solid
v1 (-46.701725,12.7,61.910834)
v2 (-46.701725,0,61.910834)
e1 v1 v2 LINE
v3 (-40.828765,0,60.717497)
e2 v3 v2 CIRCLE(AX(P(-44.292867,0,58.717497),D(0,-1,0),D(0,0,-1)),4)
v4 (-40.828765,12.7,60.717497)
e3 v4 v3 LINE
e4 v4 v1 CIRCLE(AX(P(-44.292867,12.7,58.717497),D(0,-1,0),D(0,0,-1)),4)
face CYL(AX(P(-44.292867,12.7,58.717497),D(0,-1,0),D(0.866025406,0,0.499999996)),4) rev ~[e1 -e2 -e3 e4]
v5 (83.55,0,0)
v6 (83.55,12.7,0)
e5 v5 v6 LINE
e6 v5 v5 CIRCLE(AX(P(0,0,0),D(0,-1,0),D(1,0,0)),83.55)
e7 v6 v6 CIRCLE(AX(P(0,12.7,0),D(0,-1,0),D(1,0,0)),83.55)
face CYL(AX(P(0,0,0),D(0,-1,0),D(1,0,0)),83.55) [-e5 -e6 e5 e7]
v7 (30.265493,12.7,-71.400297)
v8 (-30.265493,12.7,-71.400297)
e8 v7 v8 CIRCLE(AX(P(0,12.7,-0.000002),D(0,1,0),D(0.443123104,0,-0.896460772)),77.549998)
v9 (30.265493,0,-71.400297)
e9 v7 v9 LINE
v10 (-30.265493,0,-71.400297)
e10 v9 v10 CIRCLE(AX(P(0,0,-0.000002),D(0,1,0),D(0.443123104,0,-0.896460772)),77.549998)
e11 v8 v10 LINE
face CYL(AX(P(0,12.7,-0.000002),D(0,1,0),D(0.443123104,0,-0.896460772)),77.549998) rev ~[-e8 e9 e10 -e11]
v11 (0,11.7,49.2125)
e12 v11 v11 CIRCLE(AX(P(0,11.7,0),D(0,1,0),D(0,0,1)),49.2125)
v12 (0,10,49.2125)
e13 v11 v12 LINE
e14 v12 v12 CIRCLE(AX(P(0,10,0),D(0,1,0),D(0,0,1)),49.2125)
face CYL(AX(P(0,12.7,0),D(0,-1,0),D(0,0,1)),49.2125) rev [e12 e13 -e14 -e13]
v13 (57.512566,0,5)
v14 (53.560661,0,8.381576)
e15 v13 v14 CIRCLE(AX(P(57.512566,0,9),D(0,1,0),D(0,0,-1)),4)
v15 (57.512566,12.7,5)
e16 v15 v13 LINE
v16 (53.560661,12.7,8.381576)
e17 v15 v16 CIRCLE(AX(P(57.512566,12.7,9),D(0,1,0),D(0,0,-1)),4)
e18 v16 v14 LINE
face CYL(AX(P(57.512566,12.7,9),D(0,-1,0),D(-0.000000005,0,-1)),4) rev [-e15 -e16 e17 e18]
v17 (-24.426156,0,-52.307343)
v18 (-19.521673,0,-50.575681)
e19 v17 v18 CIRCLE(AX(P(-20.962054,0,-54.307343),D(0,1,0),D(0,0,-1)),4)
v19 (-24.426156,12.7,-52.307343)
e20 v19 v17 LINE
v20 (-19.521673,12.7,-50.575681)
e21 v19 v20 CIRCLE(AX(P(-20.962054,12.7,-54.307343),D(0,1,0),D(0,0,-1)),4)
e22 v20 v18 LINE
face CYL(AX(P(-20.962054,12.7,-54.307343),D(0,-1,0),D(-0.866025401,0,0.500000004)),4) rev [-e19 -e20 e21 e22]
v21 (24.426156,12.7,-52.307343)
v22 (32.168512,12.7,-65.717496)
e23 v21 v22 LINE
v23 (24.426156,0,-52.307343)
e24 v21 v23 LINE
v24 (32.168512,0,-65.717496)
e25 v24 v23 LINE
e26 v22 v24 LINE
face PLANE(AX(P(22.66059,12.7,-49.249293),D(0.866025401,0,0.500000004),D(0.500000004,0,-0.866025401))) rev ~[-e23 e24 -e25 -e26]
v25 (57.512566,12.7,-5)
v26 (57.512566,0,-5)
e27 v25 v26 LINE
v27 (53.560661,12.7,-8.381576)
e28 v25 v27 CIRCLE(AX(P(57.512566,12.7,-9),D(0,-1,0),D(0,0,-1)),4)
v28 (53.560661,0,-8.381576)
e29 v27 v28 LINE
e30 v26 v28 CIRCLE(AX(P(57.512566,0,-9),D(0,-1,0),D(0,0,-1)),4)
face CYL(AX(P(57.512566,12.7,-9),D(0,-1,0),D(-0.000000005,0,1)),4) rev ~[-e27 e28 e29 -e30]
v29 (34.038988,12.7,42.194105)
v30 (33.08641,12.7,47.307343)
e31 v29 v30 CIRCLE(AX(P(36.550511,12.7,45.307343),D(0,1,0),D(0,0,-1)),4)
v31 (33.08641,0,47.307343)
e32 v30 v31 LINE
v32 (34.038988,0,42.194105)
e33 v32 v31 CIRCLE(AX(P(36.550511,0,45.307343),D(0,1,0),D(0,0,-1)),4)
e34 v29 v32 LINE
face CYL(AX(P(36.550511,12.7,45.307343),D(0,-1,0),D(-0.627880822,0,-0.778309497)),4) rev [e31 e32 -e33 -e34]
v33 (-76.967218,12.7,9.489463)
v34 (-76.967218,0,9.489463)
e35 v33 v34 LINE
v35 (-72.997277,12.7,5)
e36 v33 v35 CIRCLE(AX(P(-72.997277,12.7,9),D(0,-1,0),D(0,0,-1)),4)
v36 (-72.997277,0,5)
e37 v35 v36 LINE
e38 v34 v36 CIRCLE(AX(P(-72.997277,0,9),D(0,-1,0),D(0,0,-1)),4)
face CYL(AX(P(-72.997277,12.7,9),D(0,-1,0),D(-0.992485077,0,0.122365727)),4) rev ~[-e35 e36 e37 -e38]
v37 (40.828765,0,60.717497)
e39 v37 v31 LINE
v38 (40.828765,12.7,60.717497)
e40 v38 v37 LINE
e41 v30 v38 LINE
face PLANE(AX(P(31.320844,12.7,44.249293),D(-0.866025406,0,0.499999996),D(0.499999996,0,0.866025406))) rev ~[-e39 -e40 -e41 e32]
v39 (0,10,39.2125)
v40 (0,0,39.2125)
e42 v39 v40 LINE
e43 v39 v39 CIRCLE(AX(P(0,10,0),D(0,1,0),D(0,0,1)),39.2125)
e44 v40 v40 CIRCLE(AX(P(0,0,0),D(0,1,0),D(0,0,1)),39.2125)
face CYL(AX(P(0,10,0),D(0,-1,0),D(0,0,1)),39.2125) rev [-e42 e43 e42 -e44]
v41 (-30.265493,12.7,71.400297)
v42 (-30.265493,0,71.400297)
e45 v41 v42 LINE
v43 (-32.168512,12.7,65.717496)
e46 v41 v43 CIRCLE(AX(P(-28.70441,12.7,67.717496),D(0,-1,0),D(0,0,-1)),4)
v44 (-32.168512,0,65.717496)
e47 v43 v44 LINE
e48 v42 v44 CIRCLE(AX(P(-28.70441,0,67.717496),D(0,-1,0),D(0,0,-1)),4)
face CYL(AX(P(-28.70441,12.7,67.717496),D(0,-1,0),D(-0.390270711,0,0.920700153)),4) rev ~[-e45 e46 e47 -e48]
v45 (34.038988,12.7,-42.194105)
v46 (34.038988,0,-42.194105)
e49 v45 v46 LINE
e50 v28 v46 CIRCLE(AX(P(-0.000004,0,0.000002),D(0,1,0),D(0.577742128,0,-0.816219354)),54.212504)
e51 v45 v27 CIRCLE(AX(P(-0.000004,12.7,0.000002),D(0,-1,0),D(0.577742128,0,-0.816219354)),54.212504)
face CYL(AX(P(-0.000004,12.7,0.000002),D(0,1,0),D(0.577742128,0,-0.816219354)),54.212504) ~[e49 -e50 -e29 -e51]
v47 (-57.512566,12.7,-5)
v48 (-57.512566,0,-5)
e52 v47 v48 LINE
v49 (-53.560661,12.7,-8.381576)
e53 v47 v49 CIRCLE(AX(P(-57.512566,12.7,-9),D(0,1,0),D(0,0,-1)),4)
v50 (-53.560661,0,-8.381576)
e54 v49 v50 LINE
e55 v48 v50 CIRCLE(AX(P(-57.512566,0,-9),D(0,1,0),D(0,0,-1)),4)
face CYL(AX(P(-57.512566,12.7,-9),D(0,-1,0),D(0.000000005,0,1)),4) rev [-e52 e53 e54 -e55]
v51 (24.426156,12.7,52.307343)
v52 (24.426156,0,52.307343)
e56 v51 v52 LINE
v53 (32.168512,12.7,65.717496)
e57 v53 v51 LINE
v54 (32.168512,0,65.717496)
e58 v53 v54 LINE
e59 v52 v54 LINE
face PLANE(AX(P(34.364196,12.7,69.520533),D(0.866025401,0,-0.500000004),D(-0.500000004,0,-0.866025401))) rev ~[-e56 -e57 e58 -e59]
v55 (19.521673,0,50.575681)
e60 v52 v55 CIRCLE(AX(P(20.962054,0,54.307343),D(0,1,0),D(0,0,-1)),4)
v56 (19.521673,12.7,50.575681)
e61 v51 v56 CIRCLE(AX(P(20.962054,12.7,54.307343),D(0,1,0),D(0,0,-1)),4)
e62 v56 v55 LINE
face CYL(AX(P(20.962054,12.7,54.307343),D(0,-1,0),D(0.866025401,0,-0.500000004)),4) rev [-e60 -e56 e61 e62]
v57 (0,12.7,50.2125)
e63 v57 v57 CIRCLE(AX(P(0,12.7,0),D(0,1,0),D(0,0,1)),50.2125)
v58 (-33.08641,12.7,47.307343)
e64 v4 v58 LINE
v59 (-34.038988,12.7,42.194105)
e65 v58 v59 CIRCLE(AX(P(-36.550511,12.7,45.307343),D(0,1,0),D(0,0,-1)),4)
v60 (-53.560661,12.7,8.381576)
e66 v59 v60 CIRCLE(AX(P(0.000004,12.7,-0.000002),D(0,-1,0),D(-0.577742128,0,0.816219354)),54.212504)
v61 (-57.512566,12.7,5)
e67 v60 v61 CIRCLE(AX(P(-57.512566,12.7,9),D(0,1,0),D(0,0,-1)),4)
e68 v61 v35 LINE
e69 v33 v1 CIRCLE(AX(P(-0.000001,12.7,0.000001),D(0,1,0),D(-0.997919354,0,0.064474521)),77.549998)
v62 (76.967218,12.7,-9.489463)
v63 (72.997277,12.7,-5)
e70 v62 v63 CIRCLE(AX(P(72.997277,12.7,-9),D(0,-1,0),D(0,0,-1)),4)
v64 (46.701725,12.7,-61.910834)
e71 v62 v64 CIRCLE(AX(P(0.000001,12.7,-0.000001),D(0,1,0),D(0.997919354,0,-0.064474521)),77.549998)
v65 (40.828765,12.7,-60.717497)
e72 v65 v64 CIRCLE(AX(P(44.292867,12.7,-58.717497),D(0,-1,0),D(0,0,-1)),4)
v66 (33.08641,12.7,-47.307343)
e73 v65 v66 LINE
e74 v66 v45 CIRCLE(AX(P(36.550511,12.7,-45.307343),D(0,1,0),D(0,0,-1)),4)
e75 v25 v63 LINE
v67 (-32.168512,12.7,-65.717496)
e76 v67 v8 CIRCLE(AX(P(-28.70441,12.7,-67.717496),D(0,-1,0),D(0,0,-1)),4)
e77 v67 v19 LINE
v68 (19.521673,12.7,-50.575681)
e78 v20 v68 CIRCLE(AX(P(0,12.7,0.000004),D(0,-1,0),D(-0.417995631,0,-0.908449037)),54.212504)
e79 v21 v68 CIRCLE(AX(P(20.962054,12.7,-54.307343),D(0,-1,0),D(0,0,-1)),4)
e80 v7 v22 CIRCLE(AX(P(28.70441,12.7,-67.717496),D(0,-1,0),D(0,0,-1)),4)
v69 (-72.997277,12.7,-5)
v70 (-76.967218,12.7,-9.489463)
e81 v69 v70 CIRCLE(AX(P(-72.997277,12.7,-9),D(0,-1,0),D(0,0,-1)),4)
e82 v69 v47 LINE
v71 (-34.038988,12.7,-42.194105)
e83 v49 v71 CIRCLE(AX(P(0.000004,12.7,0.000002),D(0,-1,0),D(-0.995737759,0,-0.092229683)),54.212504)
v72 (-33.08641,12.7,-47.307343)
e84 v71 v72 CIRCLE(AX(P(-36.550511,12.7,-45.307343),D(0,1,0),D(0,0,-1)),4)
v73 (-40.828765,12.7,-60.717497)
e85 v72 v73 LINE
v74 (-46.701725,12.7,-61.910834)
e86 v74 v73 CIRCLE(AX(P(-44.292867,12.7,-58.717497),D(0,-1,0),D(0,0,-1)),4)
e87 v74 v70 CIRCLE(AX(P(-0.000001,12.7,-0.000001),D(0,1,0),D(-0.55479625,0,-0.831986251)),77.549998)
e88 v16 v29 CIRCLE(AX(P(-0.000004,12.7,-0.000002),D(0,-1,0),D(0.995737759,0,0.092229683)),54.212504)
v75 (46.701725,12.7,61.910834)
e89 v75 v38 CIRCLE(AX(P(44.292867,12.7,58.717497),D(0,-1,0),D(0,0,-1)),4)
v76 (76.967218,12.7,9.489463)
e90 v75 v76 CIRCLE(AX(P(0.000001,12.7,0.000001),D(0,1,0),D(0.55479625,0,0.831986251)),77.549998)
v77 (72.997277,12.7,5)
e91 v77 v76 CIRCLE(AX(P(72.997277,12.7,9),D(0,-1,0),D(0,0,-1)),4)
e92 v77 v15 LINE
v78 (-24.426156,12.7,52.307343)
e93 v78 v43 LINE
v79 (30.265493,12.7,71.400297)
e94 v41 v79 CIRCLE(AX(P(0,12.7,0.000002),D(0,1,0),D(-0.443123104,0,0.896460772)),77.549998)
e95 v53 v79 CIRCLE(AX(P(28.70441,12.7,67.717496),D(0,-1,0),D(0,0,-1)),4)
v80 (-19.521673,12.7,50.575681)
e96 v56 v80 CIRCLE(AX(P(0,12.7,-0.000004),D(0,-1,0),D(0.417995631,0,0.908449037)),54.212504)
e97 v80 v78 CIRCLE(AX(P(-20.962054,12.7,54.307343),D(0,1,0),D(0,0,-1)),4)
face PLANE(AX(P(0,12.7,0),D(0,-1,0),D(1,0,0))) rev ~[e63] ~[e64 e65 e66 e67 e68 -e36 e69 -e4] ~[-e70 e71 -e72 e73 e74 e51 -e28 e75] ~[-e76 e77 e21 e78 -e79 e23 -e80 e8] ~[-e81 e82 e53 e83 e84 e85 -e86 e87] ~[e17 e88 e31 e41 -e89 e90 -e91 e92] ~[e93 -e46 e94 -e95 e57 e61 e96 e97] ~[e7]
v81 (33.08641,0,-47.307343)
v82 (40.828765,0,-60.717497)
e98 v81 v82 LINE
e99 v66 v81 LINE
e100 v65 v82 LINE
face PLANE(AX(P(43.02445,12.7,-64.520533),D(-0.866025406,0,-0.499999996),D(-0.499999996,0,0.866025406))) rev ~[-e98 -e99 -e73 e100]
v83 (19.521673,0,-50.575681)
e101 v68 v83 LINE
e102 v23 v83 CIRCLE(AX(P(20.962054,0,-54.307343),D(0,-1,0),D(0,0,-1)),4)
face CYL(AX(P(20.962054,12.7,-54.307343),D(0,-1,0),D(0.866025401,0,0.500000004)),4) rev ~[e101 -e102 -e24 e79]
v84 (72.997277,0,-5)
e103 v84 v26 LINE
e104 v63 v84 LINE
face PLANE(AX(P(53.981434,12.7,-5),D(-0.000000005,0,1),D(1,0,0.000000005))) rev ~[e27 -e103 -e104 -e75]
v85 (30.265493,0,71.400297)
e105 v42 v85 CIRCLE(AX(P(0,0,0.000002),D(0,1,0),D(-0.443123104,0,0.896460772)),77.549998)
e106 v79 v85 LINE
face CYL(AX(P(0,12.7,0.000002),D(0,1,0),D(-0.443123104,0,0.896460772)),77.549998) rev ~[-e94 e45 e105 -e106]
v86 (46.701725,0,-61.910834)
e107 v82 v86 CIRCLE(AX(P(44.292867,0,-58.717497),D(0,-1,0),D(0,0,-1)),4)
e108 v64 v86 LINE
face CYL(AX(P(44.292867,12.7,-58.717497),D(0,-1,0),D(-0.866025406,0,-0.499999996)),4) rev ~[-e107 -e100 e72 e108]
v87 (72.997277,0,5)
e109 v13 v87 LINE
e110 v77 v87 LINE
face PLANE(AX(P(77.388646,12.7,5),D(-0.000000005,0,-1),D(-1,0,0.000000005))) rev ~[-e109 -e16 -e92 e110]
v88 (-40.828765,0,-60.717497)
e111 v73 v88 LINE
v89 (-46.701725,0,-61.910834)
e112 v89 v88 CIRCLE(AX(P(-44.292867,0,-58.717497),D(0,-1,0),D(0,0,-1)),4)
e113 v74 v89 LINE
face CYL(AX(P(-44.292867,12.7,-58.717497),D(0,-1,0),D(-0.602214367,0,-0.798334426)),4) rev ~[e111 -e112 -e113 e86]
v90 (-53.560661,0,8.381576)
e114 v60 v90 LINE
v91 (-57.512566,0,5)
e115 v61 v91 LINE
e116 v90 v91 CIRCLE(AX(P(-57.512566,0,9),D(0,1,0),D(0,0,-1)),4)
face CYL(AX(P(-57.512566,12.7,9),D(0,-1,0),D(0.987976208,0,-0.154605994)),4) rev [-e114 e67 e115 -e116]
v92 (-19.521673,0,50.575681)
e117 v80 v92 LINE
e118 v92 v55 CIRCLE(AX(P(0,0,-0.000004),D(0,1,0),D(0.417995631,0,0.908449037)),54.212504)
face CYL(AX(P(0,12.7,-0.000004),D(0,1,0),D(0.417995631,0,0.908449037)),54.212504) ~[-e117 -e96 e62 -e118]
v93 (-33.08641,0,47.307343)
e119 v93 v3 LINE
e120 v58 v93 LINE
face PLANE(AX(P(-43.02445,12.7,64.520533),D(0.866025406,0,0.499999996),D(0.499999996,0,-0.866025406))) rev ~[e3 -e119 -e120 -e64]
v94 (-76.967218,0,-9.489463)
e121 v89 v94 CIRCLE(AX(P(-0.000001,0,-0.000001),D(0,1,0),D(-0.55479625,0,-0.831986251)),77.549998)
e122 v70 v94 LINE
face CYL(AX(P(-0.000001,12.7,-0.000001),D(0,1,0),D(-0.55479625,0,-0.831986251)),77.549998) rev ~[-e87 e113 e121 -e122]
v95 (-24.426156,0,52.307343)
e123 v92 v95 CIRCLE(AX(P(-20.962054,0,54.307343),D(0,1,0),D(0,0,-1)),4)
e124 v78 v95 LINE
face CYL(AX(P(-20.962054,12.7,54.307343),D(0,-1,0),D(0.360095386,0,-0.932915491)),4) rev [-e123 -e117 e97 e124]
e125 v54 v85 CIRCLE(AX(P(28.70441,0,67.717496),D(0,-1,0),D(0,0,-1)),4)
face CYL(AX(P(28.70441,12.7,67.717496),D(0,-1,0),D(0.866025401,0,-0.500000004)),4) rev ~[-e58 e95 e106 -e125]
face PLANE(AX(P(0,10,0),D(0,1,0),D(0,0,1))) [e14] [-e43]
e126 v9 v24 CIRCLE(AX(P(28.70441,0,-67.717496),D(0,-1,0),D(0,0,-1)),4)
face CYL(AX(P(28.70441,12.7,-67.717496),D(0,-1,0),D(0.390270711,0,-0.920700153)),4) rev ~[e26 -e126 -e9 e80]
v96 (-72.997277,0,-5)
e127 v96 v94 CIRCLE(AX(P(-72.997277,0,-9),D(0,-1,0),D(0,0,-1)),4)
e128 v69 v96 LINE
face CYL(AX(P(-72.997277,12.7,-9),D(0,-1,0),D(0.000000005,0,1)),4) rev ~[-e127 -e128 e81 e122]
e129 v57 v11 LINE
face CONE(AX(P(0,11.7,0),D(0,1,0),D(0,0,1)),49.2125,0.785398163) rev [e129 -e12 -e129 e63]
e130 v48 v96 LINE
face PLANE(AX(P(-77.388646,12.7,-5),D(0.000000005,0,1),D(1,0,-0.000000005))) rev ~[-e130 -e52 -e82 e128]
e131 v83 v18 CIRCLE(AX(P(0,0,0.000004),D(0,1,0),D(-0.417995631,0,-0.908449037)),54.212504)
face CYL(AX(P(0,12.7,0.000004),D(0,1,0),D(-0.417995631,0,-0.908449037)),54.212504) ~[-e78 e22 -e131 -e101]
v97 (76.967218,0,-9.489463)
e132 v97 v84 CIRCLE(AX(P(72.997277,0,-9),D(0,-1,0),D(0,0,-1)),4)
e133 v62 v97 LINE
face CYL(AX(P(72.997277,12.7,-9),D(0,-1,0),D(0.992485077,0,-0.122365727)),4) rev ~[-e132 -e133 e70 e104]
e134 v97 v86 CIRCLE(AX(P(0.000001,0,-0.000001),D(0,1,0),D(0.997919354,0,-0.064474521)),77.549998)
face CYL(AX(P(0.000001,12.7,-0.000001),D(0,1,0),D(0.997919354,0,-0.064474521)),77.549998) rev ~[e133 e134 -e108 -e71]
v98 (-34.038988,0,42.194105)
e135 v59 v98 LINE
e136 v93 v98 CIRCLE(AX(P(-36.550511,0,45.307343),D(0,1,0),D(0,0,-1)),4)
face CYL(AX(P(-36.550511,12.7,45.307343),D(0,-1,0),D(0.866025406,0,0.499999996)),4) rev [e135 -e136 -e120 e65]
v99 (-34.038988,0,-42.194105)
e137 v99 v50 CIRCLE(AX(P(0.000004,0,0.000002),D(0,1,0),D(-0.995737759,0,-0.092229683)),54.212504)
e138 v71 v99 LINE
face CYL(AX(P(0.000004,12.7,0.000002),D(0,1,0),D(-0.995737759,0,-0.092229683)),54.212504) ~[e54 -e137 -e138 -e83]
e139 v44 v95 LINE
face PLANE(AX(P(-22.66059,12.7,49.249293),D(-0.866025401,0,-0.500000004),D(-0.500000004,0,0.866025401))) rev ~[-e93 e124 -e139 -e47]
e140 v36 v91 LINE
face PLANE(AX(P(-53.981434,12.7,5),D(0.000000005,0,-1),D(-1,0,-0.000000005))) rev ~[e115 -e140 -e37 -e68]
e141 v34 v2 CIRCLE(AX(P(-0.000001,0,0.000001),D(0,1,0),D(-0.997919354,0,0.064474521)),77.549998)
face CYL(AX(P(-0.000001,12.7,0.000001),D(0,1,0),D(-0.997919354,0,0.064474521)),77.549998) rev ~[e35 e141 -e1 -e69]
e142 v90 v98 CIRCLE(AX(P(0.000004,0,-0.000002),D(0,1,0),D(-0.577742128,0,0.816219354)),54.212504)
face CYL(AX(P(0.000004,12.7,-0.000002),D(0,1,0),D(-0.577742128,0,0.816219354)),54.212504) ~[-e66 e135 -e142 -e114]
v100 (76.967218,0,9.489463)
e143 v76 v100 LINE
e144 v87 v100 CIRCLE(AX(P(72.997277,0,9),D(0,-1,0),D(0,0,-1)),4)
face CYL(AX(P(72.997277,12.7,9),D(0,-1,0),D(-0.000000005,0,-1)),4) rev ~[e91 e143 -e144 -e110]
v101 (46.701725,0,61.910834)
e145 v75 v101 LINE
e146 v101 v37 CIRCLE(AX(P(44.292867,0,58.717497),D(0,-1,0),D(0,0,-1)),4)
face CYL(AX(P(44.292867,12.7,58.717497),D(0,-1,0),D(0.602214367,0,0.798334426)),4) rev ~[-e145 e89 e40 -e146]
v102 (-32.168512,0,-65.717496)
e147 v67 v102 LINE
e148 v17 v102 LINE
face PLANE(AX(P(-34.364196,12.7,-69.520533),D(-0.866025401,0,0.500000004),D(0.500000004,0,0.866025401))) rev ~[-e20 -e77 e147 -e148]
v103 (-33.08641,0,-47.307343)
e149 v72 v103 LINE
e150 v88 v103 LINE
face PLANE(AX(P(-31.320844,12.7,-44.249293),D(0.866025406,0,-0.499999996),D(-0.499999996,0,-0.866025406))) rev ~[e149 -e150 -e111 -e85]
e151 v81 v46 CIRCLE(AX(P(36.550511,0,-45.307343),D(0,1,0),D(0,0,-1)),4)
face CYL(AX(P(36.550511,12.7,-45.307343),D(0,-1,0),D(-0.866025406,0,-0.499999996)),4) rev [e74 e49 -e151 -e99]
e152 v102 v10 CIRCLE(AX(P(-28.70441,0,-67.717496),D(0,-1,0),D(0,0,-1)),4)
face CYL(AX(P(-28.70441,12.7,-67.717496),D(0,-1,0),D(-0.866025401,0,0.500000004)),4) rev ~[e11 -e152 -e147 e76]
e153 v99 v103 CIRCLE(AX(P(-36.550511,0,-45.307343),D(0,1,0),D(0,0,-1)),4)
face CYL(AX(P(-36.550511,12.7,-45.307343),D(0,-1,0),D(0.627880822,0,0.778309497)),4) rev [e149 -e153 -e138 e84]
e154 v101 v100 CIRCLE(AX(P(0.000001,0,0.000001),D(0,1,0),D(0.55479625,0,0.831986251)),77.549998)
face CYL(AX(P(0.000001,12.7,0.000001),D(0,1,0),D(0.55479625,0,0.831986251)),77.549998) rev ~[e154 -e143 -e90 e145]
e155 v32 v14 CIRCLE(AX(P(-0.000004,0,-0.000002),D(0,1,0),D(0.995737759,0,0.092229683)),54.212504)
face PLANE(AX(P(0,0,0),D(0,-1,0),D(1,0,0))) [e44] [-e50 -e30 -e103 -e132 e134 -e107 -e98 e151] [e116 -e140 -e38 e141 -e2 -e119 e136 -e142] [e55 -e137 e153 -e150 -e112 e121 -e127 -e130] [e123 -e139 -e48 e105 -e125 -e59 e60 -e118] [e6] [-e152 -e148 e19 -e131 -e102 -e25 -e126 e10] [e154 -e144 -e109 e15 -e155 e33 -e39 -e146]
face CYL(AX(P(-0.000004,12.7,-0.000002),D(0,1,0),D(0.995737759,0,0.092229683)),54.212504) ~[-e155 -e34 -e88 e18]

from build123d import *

# Parameters (mm, degrees)
CUT_EXTRUDE1_DEPTH       = 13.7
FILLET1_R                = 4
CIRPATTERN4_COUNT        = 6
FILLET1_OF_CIRPATTERN4_R = 4
CHAMFER1_SIZE            = 1
SKETCH9_R                = 83.55
SKETCH9_R_2              = 82.55
BOSS_EXTRUDE1_DEPTH      = 12.7


with BuildPart() as part:
    # Sketch2 → Revolve1 (revolve)
    with BuildSketch(Plane(origin=(0, 0, 0), x_dir=(0, 0, -1), z_dir=(1, 0, 0))):
        Polygon((-39.2125, 0), (-82.55, 0), (-82.55, 12.7), (-49.2125, 12.7), (-49.2125, 10), (-39.2125, 10), align=None)
    revolve(axis=Axis((0, -0.9525, 0), (0, 1, 0)))

    # Sketch8 → Cut-Extrude1 (cut, through all)
    with BuildSketch(Plane(origin=(0, 12.7, 0), x_dir=(1, 0, 0), z_dir=(0, 1, 0))):
        with BuildLine():
            Line((-34.364196, 69.520533), (-22.66059, 49.249293))
            ThreePointArc((-22.66059, 49.249293), (0, 54.2125), (22.66059, 49.249293))
            Line((22.66059, 49.249293), (34.364196, 69.520533))
            ThreePointArc((34.364196, 69.520533), (0, 77.55), (-34.364196, 69.520533))
        make_face()
    cut_extrude1 = extrude(amount=-CUT_EXTRUDE1_DEPTH, mode=Mode.SUBTRACT)

    # Fillet1
    fillet1_edges = [part.edges().sort_by_distance(p)[0] for p in [
        (22.66059, 6.35, -49.249293),
        (-22.66059, 6.35, -49.249293),
        (-34.364196, 6.35, -69.520533),
        (34.364196, 6.35, -69.520533),
    ]]
    fillet(fillet1_edges, radius=FILLET1_R)

    # CirPattern4: Cut-Extrude1 ×6 about axis
    cirpattern4_axis = Axis((0, 0, 0), (0, 1, 0))
    for i in range(1, CIRPATTERN4_COUNT):
        add(cut_extrude1.rotate(cirpattern4_axis, i * 360 / CIRPATTERN4_COUNT), mode=Mode.SUBTRACT)

    # Fillet1 of CirPattern4
    fillet1_of_cirpattern4_edges = [part.edges().sort_by_distance(p)[0] for p in [
        (-31.320844, 6.35, -44.249293),
        (-53.981433, 6.35, -5),
        (-77.388646, 6.35, -5),
        (-43.02445, 6.35, -64.520533),
        (-53.981433, 6.35, 5),
        (-31.320844, 6.35, 44.249293),
        (-43.02445, 6.35, 64.520533),
        (-77.388646, 6.35, 5),
        (-22.66059, 6.35, 49.249293),
        (22.66059, 6.35, 49.249293),
        (34.364196, 6.35, 69.520533),
        (-34.364196, 6.35, 69.520533),
        (31.320844, 6.35, 44.249293),
        (53.981433, 6.35, 5),
        (77.388646, 6.35, 5),
        (43.02445, 6.35, 64.520533),
        (53.981433, 6.35, -5),
        (31.320844, 6.35, -44.249293),
        (43.02445, 6.35, -64.520533),
        (77.388646, 6.35, -5),
    ]]
    fillet(fillet1_of_cirpattern4_edges, radius=FILLET1_OF_CIRPATTERN4_R)

    # Chamfer1
    chamfer1_edges = [part.edges().sort_by_distance(p)[0] for p in [
        (0, 12.7, -49.2125),
    ]]
    chamfer(chamfer1_edges, length=CHAMFER1_SIZE)

    # Sketch9 → Boss-Extrude1 (add)
    with BuildSketch(Plane.XZ):
        Circle(SKETCH9_R)
        Circle(SKETCH9_R_2, mode=Mode.SUBTRACT)
    extrude(amount=-BOSS_EXTRUDE1_DEPTH)


solid = part.part
